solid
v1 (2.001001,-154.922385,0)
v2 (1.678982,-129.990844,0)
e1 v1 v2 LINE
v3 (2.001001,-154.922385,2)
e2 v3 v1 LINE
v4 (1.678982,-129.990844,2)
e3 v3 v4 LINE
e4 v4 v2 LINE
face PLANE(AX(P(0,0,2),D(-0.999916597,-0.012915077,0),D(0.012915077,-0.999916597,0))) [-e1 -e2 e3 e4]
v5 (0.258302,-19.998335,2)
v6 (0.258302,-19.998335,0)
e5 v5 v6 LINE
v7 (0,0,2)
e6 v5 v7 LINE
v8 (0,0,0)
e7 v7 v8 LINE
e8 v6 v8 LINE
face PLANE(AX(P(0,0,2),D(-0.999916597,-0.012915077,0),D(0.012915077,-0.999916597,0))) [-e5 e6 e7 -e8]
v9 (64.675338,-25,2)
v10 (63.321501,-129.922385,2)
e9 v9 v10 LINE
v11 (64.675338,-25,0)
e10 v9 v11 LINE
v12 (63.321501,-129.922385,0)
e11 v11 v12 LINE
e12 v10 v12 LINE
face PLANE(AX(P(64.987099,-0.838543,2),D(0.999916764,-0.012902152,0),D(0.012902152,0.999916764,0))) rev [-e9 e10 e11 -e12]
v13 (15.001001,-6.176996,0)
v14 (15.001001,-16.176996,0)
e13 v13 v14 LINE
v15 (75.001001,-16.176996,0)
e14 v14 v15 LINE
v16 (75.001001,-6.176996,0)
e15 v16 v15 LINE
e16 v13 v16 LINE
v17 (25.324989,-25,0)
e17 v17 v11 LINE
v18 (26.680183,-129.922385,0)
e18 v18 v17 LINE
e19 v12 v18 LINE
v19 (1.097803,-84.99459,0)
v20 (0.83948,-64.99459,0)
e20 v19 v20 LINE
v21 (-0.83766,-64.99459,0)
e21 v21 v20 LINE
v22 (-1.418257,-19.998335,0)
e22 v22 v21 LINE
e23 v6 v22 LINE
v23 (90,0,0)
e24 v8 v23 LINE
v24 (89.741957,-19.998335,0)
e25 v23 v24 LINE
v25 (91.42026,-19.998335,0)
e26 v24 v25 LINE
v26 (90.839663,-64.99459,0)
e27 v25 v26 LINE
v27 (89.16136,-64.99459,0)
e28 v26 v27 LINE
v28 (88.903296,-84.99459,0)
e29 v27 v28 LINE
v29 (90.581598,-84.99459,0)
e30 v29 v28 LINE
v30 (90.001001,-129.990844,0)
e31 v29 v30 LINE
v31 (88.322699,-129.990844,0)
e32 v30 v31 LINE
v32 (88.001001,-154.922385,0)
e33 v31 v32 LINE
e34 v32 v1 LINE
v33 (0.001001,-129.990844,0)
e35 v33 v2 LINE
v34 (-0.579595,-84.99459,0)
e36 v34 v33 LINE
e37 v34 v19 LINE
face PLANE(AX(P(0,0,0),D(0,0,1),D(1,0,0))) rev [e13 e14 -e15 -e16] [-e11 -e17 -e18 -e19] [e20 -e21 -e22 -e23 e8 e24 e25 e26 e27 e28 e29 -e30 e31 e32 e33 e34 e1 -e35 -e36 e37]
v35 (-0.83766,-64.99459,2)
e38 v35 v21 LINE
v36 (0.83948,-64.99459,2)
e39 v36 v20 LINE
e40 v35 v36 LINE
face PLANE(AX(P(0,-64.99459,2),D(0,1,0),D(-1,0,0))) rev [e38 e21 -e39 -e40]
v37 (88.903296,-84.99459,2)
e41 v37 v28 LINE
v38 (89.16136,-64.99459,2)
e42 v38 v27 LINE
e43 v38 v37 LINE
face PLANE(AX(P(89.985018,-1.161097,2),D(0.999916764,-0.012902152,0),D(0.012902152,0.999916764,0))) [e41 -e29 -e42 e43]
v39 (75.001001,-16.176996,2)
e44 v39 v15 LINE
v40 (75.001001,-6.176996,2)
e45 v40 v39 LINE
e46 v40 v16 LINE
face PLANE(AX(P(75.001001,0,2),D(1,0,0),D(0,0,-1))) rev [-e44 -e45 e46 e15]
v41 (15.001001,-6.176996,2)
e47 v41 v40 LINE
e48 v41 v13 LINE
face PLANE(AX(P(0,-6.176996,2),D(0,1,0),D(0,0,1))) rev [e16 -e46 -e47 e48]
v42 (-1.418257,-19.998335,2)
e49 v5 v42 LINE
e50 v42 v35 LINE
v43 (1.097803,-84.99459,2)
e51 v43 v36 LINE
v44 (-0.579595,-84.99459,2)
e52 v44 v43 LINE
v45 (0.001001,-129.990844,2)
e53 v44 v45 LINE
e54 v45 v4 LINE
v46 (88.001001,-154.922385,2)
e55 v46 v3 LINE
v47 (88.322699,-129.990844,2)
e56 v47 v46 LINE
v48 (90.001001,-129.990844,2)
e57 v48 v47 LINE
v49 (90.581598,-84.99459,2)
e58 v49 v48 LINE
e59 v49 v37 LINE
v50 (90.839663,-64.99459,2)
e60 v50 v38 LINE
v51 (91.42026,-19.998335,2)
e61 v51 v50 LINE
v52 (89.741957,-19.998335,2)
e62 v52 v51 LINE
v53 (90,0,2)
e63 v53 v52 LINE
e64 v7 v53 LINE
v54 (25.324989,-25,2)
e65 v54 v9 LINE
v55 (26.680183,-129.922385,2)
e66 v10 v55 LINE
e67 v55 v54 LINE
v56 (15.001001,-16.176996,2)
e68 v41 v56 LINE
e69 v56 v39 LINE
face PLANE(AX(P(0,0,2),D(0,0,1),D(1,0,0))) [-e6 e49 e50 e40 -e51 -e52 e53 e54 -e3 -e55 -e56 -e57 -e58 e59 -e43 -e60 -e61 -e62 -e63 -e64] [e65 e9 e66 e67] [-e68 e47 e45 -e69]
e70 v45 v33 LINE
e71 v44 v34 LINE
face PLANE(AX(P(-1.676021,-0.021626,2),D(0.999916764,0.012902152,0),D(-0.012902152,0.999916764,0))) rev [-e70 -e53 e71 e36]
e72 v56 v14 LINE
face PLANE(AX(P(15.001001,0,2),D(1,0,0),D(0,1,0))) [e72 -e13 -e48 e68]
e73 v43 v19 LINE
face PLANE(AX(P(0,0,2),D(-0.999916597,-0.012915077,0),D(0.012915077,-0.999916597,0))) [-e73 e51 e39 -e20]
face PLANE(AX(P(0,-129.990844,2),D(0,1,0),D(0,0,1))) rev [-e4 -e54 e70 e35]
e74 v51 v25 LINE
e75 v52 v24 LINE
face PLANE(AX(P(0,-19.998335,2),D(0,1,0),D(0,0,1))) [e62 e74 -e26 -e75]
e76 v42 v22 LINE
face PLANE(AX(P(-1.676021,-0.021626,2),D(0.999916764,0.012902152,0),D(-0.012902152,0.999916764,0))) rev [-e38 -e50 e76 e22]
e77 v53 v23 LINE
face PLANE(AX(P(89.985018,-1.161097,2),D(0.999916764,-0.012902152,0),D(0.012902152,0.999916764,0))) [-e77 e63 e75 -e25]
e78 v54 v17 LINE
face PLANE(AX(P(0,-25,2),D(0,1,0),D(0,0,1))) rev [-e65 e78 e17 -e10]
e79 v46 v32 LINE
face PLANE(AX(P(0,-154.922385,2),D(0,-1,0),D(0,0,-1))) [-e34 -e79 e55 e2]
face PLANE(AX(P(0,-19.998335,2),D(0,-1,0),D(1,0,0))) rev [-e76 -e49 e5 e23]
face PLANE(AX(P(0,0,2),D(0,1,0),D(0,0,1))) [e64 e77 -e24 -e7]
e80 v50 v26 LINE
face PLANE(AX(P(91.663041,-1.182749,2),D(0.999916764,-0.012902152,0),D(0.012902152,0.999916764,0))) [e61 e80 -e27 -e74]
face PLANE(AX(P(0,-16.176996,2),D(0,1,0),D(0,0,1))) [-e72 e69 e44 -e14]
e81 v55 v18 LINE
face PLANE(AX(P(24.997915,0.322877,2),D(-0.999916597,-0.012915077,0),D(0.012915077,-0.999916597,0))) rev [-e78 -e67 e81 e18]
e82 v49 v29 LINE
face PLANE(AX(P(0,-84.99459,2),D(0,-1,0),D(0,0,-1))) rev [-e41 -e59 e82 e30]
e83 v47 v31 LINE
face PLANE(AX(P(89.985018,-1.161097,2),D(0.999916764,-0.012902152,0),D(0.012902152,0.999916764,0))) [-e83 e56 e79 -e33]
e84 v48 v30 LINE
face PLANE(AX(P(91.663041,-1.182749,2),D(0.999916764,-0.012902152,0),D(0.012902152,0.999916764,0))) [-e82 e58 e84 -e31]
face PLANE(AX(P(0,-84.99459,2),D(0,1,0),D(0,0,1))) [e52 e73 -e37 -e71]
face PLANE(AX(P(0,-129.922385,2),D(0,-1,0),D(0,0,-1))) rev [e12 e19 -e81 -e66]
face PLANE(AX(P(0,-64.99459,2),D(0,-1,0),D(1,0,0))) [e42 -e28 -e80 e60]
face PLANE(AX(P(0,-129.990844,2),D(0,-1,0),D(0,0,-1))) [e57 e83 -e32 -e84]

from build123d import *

# Parameters (mm, degrees)
SKETCH1_W           = 60
SKETCH1_H           = 10
BOSS_EXTRUDE1_DEPTH = 2


with BuildPart() as part:
    # Sketch1 → Boss-Extrude1 (new body)
    with BuildSketch(Plane.XY):
        Polygon((90, 0), (0, 0), (0.258301591, -19.998335275), (-1.418256709, -19.998335275), (-0.837659875, -64.994589645), (0.839480171, -64.994589645), (1.097803264, -84.994589645), (-0.579595357, -84.994589645), (0.001001477, -129.990844015), (1.678981844, -129.990844015), (2.001001477, -154.922384552), (88.001001477, -154.922384552), (88.322698776, -129.990844015), (90.001001477, -129.990844015), (90.581598311, -84.994589645), (88.903295611, -84.994589645), (89.161360128, -64.994589645), (90.839662829, -64.994589645), (91.420259663, -19.998335275), (89.741956963, -19.998335275), align=None)
        Polygon((25.324989117, -25), (64.675338274, -25), (63.321501046, -129.922384552), (26.680182862, -129.922384552), align=None, mode=Mode.SUBTRACT)
        with Locations((45.001001477, -11.176996481)):
            Rectangle(SKETCH1_W, SKETCH1_H, mode=Mode.SUBTRACT)
    extrude(amount=BOSS_EXTRUDE1_DEPTH)


solid = part.part
